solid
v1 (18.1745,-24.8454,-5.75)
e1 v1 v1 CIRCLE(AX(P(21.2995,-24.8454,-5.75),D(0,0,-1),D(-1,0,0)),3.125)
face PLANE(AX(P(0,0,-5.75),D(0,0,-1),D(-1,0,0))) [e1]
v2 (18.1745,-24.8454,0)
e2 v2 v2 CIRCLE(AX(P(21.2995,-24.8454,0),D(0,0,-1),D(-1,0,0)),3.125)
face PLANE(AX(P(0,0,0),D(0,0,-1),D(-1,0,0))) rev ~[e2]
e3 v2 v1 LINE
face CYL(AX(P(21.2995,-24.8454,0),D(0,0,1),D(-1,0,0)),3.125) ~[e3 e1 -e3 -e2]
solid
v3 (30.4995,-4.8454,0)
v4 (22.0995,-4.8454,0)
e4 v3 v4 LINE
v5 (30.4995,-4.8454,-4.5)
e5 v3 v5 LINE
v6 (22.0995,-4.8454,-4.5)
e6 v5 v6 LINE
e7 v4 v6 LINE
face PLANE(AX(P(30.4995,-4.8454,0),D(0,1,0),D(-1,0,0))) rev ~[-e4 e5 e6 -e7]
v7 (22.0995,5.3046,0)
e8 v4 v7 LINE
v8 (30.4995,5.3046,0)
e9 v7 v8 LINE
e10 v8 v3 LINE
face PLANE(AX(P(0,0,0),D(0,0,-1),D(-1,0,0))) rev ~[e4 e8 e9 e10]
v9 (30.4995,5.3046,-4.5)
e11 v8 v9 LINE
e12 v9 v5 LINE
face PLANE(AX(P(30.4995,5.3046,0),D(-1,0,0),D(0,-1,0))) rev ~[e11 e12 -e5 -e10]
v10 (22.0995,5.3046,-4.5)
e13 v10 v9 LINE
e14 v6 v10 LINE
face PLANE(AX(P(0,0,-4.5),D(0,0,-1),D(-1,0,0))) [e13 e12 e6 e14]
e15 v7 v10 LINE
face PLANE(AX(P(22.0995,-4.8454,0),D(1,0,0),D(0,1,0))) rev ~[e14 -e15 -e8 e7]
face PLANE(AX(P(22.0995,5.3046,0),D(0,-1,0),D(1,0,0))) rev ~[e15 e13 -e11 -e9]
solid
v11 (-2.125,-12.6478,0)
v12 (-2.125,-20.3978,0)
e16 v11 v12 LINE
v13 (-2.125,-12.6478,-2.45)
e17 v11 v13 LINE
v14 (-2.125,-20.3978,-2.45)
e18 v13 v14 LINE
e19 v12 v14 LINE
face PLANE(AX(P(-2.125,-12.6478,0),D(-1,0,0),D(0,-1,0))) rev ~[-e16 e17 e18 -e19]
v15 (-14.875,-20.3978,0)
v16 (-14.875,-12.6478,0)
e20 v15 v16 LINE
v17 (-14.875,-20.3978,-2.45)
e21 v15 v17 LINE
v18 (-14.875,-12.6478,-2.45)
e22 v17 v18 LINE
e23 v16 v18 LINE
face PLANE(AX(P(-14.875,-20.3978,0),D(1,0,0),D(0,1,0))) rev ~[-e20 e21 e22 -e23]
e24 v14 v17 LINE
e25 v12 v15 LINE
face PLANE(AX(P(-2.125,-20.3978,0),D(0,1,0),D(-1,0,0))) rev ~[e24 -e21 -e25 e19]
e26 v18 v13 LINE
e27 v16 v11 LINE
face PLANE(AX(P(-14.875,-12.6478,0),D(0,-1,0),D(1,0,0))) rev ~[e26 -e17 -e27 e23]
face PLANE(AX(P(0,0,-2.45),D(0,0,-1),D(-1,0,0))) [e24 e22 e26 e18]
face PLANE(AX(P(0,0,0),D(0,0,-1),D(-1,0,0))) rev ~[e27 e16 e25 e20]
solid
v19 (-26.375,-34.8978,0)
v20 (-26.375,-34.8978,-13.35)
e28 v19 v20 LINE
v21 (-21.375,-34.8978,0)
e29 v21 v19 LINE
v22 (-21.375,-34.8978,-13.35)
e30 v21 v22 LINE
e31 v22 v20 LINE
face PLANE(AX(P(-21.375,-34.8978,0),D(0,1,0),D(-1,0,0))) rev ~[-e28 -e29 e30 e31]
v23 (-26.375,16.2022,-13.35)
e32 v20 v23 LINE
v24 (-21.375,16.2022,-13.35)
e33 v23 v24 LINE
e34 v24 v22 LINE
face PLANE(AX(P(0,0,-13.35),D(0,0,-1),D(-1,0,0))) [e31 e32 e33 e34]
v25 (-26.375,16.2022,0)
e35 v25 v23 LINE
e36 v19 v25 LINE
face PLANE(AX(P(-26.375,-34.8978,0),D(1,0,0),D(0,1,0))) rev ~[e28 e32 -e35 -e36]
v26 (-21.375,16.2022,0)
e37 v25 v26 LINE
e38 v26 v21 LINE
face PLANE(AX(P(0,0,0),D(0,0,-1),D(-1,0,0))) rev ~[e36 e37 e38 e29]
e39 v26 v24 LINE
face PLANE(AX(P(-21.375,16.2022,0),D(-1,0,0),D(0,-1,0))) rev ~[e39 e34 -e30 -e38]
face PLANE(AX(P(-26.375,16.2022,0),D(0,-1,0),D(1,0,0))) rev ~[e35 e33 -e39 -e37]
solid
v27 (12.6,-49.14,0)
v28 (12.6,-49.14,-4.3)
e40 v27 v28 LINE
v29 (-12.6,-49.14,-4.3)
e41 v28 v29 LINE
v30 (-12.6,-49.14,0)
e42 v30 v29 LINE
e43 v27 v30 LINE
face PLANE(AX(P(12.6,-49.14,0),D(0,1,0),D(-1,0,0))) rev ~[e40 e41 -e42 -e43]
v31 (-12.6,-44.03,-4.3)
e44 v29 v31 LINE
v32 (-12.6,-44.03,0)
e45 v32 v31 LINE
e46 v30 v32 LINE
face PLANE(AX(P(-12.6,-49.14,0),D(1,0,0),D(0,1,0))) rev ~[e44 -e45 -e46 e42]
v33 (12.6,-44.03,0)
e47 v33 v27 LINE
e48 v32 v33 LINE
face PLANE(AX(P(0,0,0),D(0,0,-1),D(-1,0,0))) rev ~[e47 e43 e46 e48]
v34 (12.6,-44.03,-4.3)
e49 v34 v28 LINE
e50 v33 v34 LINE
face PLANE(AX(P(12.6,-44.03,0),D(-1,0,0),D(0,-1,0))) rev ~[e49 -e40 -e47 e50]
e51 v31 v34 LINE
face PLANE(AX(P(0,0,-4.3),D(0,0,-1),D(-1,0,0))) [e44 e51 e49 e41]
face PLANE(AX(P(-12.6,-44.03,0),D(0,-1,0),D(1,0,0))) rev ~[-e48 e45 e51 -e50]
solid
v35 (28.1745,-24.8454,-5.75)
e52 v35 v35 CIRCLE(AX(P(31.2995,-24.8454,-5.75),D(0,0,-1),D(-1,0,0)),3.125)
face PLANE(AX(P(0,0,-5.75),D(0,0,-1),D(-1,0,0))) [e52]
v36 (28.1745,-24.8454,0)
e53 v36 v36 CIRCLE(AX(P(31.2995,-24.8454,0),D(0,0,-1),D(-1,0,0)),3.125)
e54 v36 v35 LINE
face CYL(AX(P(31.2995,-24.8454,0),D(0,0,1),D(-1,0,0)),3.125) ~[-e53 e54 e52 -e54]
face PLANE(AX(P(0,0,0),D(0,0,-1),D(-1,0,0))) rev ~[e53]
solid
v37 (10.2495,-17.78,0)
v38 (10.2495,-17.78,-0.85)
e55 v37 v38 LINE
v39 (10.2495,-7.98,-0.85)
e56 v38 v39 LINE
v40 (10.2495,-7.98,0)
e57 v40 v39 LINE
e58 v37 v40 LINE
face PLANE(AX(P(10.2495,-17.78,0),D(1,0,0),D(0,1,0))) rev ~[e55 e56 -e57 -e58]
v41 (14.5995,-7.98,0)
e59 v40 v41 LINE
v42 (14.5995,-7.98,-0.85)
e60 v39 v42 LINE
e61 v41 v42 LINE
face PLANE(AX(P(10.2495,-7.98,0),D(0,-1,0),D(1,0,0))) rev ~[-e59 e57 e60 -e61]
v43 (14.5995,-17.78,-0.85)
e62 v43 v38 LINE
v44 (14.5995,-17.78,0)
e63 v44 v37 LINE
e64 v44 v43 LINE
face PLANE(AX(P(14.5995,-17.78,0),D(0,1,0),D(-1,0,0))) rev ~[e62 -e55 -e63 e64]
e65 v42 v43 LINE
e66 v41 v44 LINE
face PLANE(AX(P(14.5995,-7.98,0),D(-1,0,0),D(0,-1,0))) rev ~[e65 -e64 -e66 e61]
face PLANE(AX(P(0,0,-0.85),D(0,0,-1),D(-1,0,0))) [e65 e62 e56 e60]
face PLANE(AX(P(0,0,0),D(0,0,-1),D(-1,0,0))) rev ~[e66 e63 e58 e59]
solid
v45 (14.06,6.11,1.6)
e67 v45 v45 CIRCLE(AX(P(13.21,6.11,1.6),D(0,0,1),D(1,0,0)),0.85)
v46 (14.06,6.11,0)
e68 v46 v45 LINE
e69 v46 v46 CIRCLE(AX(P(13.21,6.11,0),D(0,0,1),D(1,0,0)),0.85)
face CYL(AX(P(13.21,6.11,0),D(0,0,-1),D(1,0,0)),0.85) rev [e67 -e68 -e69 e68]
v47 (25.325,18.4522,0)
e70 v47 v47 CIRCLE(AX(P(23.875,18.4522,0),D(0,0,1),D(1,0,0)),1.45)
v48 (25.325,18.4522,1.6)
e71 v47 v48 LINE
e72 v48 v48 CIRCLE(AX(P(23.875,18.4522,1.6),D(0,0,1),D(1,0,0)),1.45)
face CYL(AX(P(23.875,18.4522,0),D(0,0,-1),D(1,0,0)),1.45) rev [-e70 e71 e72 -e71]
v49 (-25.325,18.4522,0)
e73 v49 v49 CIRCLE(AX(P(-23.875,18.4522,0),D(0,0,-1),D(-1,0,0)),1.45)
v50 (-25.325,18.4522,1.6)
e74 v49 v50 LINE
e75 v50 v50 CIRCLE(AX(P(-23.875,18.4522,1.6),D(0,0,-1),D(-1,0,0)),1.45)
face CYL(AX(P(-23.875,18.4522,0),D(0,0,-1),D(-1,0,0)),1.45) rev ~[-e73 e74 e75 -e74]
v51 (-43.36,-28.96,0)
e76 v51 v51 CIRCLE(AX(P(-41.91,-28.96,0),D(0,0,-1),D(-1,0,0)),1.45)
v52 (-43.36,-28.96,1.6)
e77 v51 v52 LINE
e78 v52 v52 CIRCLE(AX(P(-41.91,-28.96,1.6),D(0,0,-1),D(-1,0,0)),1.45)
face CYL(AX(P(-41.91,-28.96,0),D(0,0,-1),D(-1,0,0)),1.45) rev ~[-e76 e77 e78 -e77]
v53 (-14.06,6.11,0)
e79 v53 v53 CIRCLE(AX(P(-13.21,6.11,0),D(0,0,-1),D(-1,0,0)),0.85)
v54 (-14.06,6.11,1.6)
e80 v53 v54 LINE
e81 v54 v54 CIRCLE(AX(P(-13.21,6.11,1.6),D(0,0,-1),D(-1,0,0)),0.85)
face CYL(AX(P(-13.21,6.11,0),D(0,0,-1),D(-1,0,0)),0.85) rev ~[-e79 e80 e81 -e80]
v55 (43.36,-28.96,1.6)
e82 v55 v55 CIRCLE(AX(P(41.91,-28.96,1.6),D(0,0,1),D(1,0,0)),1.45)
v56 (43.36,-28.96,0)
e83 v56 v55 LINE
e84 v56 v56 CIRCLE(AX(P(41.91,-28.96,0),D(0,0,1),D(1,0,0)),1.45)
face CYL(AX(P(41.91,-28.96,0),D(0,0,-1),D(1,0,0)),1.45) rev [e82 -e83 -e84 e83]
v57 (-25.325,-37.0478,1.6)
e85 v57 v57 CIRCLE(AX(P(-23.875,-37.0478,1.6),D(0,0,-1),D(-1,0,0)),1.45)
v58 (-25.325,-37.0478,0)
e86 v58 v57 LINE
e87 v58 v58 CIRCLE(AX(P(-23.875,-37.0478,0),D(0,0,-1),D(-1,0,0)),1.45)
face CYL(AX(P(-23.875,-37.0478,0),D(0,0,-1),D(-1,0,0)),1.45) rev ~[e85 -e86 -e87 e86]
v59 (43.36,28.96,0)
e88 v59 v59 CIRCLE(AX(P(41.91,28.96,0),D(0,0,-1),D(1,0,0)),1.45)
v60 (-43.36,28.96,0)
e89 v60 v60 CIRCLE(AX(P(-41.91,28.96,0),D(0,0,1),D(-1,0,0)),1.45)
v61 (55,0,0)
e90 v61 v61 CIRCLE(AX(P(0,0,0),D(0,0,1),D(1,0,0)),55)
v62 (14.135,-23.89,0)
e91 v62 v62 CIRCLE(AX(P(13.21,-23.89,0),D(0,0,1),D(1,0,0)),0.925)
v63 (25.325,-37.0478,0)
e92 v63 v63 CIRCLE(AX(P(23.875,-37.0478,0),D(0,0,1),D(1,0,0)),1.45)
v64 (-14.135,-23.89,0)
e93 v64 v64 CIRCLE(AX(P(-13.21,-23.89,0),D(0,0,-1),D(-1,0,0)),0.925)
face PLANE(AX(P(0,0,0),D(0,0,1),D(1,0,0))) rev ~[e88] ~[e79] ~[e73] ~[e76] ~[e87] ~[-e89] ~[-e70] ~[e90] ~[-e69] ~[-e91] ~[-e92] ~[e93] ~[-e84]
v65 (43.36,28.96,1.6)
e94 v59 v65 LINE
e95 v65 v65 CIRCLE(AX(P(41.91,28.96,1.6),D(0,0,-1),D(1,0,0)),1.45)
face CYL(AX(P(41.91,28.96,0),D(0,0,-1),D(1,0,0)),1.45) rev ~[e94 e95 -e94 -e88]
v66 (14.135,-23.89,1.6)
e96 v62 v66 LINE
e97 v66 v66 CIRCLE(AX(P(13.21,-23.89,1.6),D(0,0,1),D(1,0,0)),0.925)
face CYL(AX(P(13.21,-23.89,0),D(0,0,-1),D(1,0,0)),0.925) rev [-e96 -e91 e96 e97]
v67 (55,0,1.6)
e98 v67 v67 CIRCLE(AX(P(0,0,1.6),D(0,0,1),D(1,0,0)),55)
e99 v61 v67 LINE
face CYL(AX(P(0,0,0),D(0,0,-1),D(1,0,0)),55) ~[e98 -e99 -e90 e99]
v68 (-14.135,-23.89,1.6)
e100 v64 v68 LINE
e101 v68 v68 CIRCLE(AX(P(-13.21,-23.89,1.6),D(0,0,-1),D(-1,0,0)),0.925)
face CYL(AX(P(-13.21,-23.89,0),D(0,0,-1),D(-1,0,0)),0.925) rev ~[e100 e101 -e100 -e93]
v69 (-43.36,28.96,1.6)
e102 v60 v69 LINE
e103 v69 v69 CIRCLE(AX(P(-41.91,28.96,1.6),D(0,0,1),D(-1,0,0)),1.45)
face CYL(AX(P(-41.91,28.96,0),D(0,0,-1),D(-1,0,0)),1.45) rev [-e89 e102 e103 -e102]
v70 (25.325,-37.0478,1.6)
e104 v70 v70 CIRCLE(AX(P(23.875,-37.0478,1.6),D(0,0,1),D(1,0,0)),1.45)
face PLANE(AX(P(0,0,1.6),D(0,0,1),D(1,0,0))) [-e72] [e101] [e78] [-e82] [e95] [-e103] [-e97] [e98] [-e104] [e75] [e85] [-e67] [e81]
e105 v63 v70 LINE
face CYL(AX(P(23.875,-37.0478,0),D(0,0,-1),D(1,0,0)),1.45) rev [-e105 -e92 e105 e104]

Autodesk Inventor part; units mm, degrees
ref_plane "YZ Plane" through (0, 0, 0) normal (1, 0, 0) x (0, 1, 0)
ref_plane "XZ Plane" through (0, 0, 0) normal (0, 1, 0) x (-1, 0, 0)
ref_plane "XY Plane" through (0, 0, 0) normal (0, 0, 1) x (1, 0, 0)
sketch "Boceto1" plane through (0, 0, 0) normal (0, 0, 1) x (1, 0, 0)
  circle A0 centre (0, 0) radius 55
  dimension "d0" = 110
extrude "Extrusión1" add sketch "Boceto1" along normal blind 1.6
sketch "Boceto2" plane through (0, 0, 0) normal (0, 0, -1) x (-1, 0, 0)
  circle A0 centre (41.91, -28.96) radius 1.45
  line L0 (41.91, -28.96) -> (41.91, 0) construction
  line L1 (41.91, -28.96) -> (0, -28.96) construction
  line L2 (0, 0) -> (41.91, 0) construction
  circle A1 centre (0, 0) radius 55 construction
  line L3 (0, -28.96) -> (0, 0) construction
  line L4 (23.875, 0) -> (23.875, -37.0478) construction
  line L5 (23.875, -37.0478) -> (0, -37.0478) construction
  circle A2 centre (23.875, -37.0478) radius 1.45
  line L6 (23.875, -37.0478) -> (23.875, -49.5478) construction
  line L7 (23.875, 0) -> (23.875, 18.4522) construction
  circle A3 centre (23.875, 18.4522) radius 1.45
  line L8 (13.21, -23.89) -> (13.21, 6.11) construction
  circle A4 centre (13.21, -23.89) radius 0.925
  circle A5 centre (13.21, 6.11) radius 0.85
  line L9 (13.21, -23.89) -> (13.21, -53.39) construction
  line L10 (0, 0) -> (0, -55) construction
  dimension "d3" = 2.9
  dimension "d5" = 41.91
  dimension "d6" = 23.875
  dimension "d8" = 12.5
  dimension "d13" = 55.5
  dimension "d14" = 1.85
  dimension "d15" = 30
  dimension "d16" = 1.7
  dimension "d17" = 13.21
  dimension "d18" = 29.5
  dimension "d55" = 26.04
extrude "Extrusión2" cut sketch "Boceto2" against normal blind 1.6 contours A0
mirror "Simetría1" about plane through (0, 0, 0) normal (0, 1, 0) of "Extrusión2"
mirror "Simetría2" about plane through (0, 0, 0) normal (1, 0, 0) of "Extrusión2", "Simetría1"
extrude "Extrusión3" cut sketch "Boceto2" against normal blind 1.6 contours A2 | A3 | A4 | A5
mirror "Simetría3" about plane through (0, 0, 0) normal (1, 0, 0) of "Extrusión3"
sketch "Boceto4" plane through (0, 0, 0) normal (0, 0, -1) x (-1, 0, 0)
  line L0 (21.375, -34.8978) -> (26.375, -34.8978)
  line L1 (26.375, -34.8978) -> (26.375, 16.2022)
  line L2 (26.375, 16.2022) -> (21.375, 16.2022)
  line L3 (21.375, 16.2022) -> (21.375, -34.8978)
  circle A0 centre (-23.875, 18.4522) radius 1.45 construction
  circle A1 centre (-13.21, -23.89) radius 0.925 construction
  circle A2 centre (-23.875, -37.0478) radius 1.45 construction
  circle A3 centre (-13.21, 6.11) radius 0.85 construction
  circle A4 centre (23.875, 18.4522) radius 1.45 construction
  circle A5 centre (13.21, -23.89) radius 0.925 construction
  circle A6 centre (23.875, -37.0478) radius 1.45 construction
  circle A7 centre (13.21, 6.11) radius 0.85 construction
  circle A8 centre (-41.91, 28.96) radius 1.45 construction
  circle A9 centre (-41.91, -28.96) radius 1.45 construction
  circle A10 centre (41.91, 28.96) radius 1.45 construction
  circle A11 centre (41.91, -28.96) radius 1.45 construction
  circle A12 centre (0, 0) radius 55 construction
  circle A13 centre (23.875, -37.0478) radius 1.45 construction
  circle A14 centre (23.875, 18.4522) radius 1.45 construction
  line L4 (23.875, -37.0478) -> (23.875, 18.4522) construction
  line L5 (-12.6, -49.14) -> (12.6, -49.14)
  line L6 (12.6, -49.14) -> (12.6, -44.03)
  line L7 (12.6, -44.03) -> (-12.6, -44.03)
  line L8 (-12.6, -44.03) -> (-12.6, -49.14)
  line L9 (0, 0) -> (0, -44.03) construction
  line L10 (0, -49.14) -> (0, -55) construction
  line L11 (-7.5, 19) -> (7.5, 19)
  line L12 (7.5, 19) -> (7.5, 21.5)
  line L13 (7.5, 21.5) -> (-7.5, 21.5)
  line L14 (-7.5, 21.5) -> (-7.5, 19)
  line L15 (0, 0) -> (0, 19) construction
  line L16 (0, 21.5) -> (0, 55) construction
  line L17 (-30.4995, -4.8454) -> (-22.0995, -4.8454)
  line L18 (-22.0995, -4.8454) -> (-22.0995, 5.3046)
  line L19 (-22.0995, 5.3046) -> (-30.4995, 5.3046)
  line L20 (-30.4995, 5.3046) -> (-30.4995, -4.8454)
  line L21 (-26.2995, 5.3046) -> (-26.2995, 48.3046) construction
  circle A15 centre (0, 0) radius 55 construction
  line L22 (-30.4995, 0.2296) -> (-54.9995, 0.2296) construction
  line L23 (-14.5995, -17.78) -> (-10.2495, -17.78)
  line L24 (-10.2495, -17.78) -> (-10.2495, -7.98)
  line L25 (-10.2495, -7.98) -> (-14.5995, -7.98)
  line L26 (-14.5995, -7.98) -> (-14.5995, -17.78)
  line L27 (2.125, -20.3978) -> (14.875, -20.3978)
  line L28 (14.875, -20.3978) -> (14.875, -12.6478)
  line L29 (14.875, -12.6478) -> (2.125, -12.6478)
  line L30 (2.125, -12.6478) -> (2.125, -20.3978)
  circle A16 centre (-31.2995, -24.8454) radius 3.125
  circle A17 centre (-21.2995, -24.8454) radius 3.125
  line L31 (-21.2995, -24.8454) -> (-31.2995, -24.8454) construction
  line L32 (-26.2995, -4.8454) -> (-26.2995, -24.8454) construction
  point P0 (23.875, -34.8978)
  dimension "d19" = 51.1
  dimension "d20" = 5
  dimension "d21" = 2.15
  dimension "d24" = 25.2
  dimension "d25" = 5.11
  dimension "d26" = 5.86
  dimension "d27" = 15
  dimension "d28" = 2.5
  dimension "d29" = 33.5
  dimension "d30" = 10.15
  dimension "d31" = 8.4
  dimension "d32" = 43
  dimension "d33" = 24.5
  dimension "d34" = 9.8
  dimension "d35" = 4.35
  dimension "d36" = 26.25
  dimension "d37" = 7.5
  dimension "d38" = 12.75
  dimension "d39" = 7.75
  dimension "d40" = 14.5
  dimension "d41" = 6.5
  dimension "d50" = 6.25
  dimension "d51" = 10
  dimension "d52" = 20
extrude "Extrusión4" add sketch "Boceto4" along normal blind 13.35 separate body contours L3 L2 L1 L0
extrude "Extrusión5" add sketch "Boceto4" along normal blind 4.3 separate body contours L8 L7 L6 L5
extrude "Extrusión6" add sketch "Boceto4" along normal blind 4.5 separate body contours L20 L19 L18 L17
extrude "Extrusión7" add sketch "Boceto4" along normal blind 0.85 separate body contours L26 L25 L24 L23
extrude "Extrusión8" add sketch "Boceto4" along normal blind 2.45 separate body contours L30 L29 L28 L27
extrude "Extrusión9" add sketch "Boceto4" along normal blind 5.75 separate body contours A16 | A17
properties part number "Alphabot_SUP"
